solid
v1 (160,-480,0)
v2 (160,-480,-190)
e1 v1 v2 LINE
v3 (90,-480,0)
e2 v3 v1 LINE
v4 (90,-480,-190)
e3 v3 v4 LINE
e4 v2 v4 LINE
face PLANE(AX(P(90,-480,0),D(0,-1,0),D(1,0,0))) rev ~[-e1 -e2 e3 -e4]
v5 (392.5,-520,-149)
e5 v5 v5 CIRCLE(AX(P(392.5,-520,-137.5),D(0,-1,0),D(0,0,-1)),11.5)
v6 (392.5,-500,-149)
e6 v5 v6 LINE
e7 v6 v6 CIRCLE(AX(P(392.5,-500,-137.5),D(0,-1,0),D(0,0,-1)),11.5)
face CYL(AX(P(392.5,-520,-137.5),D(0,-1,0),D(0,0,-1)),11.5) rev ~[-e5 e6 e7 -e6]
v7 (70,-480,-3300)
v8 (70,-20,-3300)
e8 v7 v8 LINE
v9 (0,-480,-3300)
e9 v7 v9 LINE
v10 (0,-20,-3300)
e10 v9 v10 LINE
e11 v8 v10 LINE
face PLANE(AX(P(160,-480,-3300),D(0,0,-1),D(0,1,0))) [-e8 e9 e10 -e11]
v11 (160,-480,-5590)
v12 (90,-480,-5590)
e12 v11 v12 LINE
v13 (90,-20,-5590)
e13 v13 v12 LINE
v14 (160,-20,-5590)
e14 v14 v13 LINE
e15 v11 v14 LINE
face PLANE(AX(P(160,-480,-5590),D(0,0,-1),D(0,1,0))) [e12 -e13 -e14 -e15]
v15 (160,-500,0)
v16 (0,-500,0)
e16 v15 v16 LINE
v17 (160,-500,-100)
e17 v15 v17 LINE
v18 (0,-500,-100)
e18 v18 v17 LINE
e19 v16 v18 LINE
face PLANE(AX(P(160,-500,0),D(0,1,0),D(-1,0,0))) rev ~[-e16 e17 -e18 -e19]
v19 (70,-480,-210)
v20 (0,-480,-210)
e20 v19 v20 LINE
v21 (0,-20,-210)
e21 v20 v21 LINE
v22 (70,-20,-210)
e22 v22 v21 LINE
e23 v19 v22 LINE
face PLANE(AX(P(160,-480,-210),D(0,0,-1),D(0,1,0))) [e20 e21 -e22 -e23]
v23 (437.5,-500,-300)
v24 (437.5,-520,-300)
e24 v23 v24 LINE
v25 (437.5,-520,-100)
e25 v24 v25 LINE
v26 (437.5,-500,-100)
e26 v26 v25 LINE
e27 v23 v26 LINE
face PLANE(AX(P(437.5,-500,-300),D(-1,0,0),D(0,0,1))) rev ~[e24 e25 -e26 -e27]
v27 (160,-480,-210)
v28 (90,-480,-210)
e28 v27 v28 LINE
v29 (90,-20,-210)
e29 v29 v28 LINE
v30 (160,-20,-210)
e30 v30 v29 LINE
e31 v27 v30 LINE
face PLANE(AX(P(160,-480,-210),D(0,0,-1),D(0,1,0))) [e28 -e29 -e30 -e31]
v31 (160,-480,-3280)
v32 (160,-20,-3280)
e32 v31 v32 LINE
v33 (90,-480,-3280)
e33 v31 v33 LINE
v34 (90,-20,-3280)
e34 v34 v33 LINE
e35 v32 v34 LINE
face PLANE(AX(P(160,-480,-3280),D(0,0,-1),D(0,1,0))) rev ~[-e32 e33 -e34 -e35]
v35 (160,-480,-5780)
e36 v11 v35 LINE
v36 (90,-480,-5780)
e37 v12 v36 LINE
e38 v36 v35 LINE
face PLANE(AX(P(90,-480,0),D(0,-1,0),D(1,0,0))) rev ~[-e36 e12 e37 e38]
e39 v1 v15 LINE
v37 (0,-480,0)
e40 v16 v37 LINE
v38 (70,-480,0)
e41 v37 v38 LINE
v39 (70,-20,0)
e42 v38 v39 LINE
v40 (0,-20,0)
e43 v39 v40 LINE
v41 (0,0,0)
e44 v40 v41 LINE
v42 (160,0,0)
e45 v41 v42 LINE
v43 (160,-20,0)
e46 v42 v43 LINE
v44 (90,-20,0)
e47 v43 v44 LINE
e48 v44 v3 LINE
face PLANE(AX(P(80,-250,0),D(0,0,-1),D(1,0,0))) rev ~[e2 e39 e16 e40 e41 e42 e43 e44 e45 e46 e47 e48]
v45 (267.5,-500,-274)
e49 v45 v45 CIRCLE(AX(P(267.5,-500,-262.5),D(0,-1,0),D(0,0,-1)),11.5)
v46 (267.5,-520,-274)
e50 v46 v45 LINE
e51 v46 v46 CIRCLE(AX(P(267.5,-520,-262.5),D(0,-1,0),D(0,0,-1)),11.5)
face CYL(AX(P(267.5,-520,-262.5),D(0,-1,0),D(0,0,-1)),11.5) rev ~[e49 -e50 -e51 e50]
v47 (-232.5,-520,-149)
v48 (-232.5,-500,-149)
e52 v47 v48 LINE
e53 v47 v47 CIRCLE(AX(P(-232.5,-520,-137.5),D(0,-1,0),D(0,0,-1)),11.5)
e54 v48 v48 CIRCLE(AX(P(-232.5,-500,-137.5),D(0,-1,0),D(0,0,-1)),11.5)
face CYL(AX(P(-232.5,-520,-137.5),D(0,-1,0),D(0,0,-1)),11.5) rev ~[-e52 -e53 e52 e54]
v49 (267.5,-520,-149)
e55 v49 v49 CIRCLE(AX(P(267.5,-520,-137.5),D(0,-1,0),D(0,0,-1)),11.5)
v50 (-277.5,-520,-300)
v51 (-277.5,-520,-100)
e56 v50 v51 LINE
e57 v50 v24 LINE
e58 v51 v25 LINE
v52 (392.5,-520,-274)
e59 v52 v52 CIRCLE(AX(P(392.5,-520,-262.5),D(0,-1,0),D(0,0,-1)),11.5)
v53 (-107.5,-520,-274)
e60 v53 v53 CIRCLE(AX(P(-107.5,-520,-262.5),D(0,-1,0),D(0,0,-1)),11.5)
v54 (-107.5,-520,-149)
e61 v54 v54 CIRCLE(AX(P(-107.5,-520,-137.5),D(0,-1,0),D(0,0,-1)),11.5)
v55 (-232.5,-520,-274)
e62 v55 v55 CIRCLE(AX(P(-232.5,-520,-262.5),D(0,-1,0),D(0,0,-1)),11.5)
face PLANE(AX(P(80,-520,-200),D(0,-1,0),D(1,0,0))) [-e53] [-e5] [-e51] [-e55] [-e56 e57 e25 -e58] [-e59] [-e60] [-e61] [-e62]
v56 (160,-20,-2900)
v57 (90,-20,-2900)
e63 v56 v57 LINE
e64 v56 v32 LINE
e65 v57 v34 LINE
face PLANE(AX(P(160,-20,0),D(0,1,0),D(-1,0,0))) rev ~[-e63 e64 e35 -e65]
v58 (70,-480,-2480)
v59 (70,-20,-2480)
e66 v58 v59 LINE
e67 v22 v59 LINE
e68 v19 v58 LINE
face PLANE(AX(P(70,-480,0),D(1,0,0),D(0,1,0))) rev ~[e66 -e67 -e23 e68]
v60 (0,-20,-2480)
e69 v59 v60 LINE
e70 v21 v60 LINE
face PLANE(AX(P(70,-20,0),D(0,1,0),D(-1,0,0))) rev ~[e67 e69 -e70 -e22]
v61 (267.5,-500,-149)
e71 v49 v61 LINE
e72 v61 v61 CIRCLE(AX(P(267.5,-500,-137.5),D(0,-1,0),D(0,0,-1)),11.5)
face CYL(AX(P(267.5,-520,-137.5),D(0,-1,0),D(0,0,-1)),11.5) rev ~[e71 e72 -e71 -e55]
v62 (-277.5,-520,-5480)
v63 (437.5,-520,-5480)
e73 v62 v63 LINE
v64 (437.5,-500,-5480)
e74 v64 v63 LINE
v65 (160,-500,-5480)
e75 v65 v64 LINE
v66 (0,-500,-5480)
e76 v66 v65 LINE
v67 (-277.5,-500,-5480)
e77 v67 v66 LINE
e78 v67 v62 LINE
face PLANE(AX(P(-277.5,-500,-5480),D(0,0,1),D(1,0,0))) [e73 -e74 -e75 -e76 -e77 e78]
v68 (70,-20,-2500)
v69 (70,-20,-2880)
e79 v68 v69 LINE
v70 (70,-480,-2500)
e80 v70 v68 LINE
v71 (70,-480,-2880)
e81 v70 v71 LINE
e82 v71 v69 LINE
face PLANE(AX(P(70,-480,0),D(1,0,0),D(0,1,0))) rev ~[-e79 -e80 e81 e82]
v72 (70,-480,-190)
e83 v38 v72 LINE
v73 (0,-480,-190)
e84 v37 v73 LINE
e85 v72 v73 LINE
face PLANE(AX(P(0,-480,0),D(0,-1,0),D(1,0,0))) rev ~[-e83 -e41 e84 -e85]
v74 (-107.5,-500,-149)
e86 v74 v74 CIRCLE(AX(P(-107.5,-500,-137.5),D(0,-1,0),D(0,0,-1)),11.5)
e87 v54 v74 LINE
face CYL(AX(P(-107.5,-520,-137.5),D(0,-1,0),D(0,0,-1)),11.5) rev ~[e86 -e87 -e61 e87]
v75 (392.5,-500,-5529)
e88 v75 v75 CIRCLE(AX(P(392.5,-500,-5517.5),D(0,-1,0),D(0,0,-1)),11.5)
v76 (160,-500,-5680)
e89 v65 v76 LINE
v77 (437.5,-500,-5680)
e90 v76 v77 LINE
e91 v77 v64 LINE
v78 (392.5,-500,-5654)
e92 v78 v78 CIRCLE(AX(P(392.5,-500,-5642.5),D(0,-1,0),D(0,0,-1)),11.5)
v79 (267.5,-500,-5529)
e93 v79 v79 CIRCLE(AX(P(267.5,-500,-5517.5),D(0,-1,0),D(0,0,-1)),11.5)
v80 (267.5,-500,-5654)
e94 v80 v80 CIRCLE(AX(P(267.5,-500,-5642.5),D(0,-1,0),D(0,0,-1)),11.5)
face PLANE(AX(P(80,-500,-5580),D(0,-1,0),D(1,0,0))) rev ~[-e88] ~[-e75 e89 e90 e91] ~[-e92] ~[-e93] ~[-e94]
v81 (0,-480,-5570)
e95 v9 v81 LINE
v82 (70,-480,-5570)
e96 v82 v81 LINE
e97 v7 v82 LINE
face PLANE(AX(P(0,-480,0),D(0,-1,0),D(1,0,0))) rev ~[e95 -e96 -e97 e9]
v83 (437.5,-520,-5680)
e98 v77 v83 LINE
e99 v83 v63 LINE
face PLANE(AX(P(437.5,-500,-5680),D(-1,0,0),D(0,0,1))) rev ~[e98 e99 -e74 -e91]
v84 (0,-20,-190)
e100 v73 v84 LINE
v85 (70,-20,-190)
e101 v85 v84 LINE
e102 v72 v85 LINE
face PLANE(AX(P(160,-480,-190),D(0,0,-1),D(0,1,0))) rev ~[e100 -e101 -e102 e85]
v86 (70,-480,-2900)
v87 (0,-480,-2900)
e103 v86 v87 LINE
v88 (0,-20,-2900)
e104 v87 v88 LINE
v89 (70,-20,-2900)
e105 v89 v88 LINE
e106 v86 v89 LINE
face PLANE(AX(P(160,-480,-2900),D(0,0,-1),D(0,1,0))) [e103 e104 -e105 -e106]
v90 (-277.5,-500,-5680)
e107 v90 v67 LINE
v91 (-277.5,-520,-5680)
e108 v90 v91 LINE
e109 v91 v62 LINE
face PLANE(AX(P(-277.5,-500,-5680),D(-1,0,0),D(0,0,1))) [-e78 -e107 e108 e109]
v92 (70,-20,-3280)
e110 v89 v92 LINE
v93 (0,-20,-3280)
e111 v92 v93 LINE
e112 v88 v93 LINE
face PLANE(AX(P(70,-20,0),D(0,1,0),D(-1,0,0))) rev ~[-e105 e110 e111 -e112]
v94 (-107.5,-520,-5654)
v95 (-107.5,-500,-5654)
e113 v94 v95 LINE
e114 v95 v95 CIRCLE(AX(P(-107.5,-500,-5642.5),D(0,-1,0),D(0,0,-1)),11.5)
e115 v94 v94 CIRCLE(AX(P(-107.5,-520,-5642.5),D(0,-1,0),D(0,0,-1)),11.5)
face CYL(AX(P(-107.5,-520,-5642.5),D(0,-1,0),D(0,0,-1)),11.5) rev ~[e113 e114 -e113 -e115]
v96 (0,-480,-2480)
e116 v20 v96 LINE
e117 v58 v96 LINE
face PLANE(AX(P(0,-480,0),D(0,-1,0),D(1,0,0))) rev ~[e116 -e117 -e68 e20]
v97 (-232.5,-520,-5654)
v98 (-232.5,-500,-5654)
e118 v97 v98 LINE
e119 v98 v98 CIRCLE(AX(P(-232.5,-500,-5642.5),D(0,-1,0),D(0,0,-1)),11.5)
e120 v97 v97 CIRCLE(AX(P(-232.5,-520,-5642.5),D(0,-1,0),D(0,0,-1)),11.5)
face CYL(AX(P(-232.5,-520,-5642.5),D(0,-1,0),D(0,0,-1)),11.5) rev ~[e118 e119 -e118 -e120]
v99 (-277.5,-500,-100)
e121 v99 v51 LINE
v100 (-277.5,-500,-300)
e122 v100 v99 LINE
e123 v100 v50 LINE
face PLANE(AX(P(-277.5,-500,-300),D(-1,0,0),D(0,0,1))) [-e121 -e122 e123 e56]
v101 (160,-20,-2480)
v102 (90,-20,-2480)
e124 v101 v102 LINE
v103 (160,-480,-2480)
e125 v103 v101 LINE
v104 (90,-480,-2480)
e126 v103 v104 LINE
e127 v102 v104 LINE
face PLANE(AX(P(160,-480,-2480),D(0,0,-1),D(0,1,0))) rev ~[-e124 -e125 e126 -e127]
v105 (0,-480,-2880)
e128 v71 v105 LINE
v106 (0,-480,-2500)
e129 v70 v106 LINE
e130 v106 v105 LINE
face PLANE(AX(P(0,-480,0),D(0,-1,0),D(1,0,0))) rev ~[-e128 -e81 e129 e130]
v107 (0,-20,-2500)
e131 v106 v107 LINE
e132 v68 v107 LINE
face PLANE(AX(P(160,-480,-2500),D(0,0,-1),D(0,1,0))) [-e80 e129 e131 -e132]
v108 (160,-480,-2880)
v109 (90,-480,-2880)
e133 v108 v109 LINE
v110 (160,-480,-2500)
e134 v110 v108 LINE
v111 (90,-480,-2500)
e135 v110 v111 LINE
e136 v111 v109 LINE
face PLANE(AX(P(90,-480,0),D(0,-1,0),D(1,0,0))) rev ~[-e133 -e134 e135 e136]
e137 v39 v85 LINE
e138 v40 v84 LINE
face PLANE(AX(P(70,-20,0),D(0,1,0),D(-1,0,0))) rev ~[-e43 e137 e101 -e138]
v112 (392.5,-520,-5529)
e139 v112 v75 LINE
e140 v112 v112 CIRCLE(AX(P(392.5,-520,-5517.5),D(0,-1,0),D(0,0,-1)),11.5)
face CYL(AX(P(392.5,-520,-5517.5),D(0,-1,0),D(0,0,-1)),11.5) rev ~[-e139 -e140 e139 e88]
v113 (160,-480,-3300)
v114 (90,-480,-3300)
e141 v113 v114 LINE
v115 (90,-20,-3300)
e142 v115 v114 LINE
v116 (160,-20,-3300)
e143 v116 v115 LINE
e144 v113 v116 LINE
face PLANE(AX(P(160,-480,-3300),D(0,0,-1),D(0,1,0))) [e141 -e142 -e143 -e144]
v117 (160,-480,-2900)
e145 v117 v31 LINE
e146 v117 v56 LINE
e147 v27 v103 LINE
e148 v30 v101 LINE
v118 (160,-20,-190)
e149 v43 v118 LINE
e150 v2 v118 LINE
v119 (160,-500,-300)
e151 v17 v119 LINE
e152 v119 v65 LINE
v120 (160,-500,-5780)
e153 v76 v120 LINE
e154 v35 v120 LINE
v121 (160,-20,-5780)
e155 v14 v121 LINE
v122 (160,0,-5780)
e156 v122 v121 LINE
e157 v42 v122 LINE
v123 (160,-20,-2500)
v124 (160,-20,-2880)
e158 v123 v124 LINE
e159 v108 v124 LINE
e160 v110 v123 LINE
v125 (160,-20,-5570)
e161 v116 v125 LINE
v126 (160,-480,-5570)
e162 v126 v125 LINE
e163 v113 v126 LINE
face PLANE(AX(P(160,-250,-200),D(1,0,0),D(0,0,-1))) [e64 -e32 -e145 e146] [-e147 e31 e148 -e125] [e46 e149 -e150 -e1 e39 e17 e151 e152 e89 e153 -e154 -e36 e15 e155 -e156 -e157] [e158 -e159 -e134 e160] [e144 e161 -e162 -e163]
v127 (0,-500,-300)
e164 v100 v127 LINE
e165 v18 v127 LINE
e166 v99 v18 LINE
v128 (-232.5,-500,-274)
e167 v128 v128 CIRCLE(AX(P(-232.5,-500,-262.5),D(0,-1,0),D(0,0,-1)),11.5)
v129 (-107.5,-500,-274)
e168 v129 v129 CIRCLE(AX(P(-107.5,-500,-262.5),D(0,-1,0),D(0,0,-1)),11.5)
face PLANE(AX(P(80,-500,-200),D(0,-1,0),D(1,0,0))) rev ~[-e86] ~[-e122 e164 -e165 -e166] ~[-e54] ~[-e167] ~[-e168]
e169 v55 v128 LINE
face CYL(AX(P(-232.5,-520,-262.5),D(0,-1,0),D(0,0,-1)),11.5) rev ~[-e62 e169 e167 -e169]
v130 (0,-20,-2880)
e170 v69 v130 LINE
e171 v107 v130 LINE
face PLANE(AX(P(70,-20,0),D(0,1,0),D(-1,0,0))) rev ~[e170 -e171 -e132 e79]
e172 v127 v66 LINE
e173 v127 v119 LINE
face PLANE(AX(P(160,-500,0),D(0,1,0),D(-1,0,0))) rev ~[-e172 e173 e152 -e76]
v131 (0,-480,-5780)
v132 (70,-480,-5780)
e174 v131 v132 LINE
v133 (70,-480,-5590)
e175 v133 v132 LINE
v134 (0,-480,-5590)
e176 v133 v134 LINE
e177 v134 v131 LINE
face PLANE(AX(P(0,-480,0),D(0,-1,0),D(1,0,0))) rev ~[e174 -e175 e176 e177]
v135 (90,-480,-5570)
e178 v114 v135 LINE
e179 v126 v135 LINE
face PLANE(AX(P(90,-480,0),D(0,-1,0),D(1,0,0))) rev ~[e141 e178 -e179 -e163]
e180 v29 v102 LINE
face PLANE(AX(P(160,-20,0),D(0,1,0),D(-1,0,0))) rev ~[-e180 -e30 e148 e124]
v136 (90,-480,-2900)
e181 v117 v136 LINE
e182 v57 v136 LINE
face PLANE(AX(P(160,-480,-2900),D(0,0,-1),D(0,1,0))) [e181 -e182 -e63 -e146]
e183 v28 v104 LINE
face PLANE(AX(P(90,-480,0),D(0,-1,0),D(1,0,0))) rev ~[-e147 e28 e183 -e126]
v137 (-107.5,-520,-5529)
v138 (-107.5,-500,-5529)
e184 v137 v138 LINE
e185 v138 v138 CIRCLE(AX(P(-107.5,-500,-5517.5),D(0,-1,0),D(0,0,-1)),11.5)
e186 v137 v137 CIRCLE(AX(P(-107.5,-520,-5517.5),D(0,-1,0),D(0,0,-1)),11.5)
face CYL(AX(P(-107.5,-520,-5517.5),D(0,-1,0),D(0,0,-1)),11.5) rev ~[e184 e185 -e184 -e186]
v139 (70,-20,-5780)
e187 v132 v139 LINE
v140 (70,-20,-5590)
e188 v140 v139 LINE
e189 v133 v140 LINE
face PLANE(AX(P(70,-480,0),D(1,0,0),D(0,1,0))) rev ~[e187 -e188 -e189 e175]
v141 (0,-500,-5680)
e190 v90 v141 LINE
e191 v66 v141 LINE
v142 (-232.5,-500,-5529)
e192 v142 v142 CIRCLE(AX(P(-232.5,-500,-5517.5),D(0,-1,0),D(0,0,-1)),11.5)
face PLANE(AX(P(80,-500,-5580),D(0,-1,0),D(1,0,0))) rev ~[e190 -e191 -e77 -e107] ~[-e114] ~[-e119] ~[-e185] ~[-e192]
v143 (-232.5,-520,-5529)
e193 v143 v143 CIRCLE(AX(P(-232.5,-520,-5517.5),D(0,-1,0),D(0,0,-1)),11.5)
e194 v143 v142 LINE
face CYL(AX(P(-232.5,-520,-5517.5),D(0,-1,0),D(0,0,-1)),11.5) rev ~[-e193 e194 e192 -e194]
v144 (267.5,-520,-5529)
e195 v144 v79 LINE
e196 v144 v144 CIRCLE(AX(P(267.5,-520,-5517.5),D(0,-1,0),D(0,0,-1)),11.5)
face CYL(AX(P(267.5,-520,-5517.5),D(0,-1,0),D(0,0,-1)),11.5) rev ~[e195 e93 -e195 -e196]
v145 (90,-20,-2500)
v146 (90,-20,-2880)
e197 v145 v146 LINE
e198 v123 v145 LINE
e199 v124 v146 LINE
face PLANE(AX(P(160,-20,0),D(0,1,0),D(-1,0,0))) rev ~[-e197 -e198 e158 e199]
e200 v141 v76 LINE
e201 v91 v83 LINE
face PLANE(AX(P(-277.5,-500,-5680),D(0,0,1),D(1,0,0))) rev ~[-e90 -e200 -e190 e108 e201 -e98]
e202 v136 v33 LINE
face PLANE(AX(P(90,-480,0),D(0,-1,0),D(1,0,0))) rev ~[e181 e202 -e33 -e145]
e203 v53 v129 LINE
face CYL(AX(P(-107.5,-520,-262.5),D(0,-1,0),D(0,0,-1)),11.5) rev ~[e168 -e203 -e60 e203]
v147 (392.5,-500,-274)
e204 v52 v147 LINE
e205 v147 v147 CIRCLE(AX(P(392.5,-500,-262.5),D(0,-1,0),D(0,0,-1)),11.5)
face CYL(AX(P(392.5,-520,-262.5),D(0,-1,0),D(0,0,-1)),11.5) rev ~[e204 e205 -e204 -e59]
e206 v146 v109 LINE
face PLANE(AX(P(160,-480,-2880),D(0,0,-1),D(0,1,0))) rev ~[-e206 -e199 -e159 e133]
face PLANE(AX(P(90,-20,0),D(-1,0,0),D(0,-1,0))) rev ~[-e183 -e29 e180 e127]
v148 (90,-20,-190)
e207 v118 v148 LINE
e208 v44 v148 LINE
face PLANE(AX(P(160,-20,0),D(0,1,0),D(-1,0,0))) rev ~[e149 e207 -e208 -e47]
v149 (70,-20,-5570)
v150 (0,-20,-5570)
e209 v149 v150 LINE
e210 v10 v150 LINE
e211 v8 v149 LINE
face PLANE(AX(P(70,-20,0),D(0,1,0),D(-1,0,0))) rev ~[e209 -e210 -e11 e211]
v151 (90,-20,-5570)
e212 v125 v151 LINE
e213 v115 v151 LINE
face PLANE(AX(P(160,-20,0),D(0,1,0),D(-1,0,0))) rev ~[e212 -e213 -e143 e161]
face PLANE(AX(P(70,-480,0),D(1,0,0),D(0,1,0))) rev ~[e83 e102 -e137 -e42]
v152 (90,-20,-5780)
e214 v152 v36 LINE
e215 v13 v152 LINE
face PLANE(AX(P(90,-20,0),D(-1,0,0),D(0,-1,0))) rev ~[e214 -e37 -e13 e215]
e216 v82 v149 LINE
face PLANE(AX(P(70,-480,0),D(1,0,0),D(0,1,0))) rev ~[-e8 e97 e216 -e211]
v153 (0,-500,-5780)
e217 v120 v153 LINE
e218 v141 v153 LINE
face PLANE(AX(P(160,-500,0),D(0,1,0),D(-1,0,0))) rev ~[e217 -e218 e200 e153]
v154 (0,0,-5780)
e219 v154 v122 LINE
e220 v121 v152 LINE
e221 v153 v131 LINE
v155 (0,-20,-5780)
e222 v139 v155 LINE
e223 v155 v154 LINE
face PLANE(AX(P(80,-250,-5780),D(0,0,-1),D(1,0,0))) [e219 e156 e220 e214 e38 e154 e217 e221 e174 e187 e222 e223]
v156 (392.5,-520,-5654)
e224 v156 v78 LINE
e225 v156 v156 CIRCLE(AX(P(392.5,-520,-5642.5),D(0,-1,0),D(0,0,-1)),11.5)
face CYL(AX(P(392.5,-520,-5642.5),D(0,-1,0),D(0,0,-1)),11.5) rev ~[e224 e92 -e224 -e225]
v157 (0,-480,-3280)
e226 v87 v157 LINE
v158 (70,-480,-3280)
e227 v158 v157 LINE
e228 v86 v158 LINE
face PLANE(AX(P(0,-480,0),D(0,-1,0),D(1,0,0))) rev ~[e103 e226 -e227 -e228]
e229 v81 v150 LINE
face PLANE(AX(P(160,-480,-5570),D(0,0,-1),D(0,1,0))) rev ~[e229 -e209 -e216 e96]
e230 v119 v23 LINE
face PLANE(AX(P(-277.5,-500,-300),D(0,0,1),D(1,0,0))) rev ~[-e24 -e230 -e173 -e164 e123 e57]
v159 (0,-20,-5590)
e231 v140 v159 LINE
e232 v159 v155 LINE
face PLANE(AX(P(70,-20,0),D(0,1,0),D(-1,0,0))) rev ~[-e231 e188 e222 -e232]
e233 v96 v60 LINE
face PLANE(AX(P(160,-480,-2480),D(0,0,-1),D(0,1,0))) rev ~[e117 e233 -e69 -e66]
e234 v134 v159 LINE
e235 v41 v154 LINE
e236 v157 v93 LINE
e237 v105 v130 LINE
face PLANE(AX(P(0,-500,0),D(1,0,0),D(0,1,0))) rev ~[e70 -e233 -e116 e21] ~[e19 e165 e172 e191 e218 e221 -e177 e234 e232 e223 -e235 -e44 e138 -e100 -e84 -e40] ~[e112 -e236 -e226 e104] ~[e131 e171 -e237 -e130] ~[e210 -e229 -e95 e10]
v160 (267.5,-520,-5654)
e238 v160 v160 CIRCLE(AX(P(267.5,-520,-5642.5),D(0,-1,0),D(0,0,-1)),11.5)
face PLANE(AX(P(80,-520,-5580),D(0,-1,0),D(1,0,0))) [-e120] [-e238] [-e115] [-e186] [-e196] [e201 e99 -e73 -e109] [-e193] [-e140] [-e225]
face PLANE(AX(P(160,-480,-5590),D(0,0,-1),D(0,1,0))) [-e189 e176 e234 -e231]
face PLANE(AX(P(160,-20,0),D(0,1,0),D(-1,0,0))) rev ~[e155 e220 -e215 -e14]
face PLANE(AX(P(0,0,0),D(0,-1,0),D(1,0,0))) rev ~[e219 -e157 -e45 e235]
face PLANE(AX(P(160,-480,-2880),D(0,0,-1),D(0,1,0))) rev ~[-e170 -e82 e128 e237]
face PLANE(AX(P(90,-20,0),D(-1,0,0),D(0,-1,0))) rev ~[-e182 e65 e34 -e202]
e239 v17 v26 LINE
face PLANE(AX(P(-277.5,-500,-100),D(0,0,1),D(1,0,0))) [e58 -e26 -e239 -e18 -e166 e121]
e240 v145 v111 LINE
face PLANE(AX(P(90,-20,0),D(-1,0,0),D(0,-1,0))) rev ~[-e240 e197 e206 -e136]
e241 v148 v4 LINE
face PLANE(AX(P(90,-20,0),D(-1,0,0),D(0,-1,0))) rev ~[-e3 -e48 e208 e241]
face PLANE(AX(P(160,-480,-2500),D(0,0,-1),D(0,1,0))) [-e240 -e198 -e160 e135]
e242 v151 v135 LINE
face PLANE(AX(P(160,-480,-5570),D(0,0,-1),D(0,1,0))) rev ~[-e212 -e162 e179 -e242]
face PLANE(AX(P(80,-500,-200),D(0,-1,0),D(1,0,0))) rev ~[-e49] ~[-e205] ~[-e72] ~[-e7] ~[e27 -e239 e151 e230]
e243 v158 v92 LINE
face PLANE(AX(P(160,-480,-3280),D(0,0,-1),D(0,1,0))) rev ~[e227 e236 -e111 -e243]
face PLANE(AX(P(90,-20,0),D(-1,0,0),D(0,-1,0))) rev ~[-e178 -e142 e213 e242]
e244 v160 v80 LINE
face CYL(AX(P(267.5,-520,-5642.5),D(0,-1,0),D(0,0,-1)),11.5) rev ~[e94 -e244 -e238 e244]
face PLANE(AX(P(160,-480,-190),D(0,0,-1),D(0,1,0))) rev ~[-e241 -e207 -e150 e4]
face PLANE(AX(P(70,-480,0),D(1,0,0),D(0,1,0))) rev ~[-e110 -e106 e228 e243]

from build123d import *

# Parameters (mm, degrees)
EXTRUDE_1_DEPTH        = 5780
SKETCH_2_W             = 20
SKETCH_2_H             = 460
EXTRUDE_2_DEPTH        = 160
SKETCH_3_W             = 715
SKETCH_3_H             = 200
EXTRUDE_3_DEPTH        = 20
SKETCH_4_R             = 11.5
CUT_EXTRUDE_1_DEPTH    = 20
PATTERN_LINEAR_1_COUNT = 2
PATTERN_LINEAR_1_PITCH = 5380


with BuildPart() as part:
    # 草图1 → 凸台-拉伸1 (new body)
    with BuildSketch(Plane(origin=(0, 0, 0), x_dir=(1, 0, 0), z_dir=(0, 0, -1))):
        Polygon((0, 0), (160, 0), (160, 20), (90, 20), (90, 480), (160, 480), (160, 500), (0, 500), (0, 480), (70, 480), (70, 20), (0, 20), align=None)
    extrude(amount=EXTRUDE_1_DEPTH)

    # 草图2 → 凸台-拉伸2 (add)
    with BuildSketch(Plane(origin=(160, 0, 0), x_dir=(0, 0, -1), z_dir=(1, 0, 0))):
        with Locations((200, -250)):
            Rectangle(SKETCH_2_W, SKETCH_2_H)
        with Locations((2490, -250)):
            Rectangle(SKETCH_2_W, SKETCH_2_H)
        with Locations((2890, -250)):
            Rectangle(SKETCH_2_W, SKETCH_2_H)
        with Locations((3290, -250)):
            Rectangle(SKETCH_2_W, SKETCH_2_H)
        with Locations((5580, -250)):
            Rectangle(SKETCH_2_W, SKETCH_2_H)
    extrude(amount=-EXTRUDE_2_DEPTH)

    # 草图3 → 凸台-拉伸3 (add)
    with BuildSketch(Plane.XZ.offset(500)):
        with Locations((80, -5580)):
            Rectangle(SKETCH_3_W, SKETCH_3_H)
        with Locations((80, -200)):
            Rectangle(SKETCH_3_W, SKETCH_3_H)
    extrude(amount=EXTRUDE_3_DEPTH)

    # 草图4 → 切除-拉伸1 (cut)
    with BuildSketch(Plane.XZ.offset(520)):
        with Locations(Location((-232.5, -137.5, 0), (0, 0, 270))):
            Circle(SKETCH_4_R)
        with Locations(Location((-232.5, -262.5, 0), (0, 0, 270))):
            Circle(SKETCH_4_R)
        with Locations(Location((-107.5, -137.5, 0), (0, 0, 270))):
            Circle(SKETCH_4_R)
        with Locations(Location((-107.5, -262.5, 0), (0, 0, 270))):
            Circle(SKETCH_4_R)
        with Locations(Location((267.5, -137.5, 0), (0, 0, 270))):
            Circle(SKETCH_4_R)
        with Locations(Location((267.5, -262.5, 0), (0, 0, 270))):
            Circle(SKETCH_4_R)
        with Locations(Location((392.5, -137.5, 0), (0, 0, 270))):
            Circle(SKETCH_4_R)
        with Locations(Location((392.5, -262.5, 0), (0, 0, 270))):
            Circle(SKETCH_4_R)
    cut_extrude_1 = extrude(amount=-CUT_EXTRUDE_1_DEPTH, mode=Mode.SUBTRACT)

    # 阵列(线性)1: 切除-拉伸1 ×2
    with Locations(*[(0, 0, -i * PATTERN_LINEAR_1_PITCH) for i in range(1, PATTERN_LINEAR_1_COUNT)]):
        add(cut_extrude_1, mode=Mode.SUBTRACT)


solid = part.part
